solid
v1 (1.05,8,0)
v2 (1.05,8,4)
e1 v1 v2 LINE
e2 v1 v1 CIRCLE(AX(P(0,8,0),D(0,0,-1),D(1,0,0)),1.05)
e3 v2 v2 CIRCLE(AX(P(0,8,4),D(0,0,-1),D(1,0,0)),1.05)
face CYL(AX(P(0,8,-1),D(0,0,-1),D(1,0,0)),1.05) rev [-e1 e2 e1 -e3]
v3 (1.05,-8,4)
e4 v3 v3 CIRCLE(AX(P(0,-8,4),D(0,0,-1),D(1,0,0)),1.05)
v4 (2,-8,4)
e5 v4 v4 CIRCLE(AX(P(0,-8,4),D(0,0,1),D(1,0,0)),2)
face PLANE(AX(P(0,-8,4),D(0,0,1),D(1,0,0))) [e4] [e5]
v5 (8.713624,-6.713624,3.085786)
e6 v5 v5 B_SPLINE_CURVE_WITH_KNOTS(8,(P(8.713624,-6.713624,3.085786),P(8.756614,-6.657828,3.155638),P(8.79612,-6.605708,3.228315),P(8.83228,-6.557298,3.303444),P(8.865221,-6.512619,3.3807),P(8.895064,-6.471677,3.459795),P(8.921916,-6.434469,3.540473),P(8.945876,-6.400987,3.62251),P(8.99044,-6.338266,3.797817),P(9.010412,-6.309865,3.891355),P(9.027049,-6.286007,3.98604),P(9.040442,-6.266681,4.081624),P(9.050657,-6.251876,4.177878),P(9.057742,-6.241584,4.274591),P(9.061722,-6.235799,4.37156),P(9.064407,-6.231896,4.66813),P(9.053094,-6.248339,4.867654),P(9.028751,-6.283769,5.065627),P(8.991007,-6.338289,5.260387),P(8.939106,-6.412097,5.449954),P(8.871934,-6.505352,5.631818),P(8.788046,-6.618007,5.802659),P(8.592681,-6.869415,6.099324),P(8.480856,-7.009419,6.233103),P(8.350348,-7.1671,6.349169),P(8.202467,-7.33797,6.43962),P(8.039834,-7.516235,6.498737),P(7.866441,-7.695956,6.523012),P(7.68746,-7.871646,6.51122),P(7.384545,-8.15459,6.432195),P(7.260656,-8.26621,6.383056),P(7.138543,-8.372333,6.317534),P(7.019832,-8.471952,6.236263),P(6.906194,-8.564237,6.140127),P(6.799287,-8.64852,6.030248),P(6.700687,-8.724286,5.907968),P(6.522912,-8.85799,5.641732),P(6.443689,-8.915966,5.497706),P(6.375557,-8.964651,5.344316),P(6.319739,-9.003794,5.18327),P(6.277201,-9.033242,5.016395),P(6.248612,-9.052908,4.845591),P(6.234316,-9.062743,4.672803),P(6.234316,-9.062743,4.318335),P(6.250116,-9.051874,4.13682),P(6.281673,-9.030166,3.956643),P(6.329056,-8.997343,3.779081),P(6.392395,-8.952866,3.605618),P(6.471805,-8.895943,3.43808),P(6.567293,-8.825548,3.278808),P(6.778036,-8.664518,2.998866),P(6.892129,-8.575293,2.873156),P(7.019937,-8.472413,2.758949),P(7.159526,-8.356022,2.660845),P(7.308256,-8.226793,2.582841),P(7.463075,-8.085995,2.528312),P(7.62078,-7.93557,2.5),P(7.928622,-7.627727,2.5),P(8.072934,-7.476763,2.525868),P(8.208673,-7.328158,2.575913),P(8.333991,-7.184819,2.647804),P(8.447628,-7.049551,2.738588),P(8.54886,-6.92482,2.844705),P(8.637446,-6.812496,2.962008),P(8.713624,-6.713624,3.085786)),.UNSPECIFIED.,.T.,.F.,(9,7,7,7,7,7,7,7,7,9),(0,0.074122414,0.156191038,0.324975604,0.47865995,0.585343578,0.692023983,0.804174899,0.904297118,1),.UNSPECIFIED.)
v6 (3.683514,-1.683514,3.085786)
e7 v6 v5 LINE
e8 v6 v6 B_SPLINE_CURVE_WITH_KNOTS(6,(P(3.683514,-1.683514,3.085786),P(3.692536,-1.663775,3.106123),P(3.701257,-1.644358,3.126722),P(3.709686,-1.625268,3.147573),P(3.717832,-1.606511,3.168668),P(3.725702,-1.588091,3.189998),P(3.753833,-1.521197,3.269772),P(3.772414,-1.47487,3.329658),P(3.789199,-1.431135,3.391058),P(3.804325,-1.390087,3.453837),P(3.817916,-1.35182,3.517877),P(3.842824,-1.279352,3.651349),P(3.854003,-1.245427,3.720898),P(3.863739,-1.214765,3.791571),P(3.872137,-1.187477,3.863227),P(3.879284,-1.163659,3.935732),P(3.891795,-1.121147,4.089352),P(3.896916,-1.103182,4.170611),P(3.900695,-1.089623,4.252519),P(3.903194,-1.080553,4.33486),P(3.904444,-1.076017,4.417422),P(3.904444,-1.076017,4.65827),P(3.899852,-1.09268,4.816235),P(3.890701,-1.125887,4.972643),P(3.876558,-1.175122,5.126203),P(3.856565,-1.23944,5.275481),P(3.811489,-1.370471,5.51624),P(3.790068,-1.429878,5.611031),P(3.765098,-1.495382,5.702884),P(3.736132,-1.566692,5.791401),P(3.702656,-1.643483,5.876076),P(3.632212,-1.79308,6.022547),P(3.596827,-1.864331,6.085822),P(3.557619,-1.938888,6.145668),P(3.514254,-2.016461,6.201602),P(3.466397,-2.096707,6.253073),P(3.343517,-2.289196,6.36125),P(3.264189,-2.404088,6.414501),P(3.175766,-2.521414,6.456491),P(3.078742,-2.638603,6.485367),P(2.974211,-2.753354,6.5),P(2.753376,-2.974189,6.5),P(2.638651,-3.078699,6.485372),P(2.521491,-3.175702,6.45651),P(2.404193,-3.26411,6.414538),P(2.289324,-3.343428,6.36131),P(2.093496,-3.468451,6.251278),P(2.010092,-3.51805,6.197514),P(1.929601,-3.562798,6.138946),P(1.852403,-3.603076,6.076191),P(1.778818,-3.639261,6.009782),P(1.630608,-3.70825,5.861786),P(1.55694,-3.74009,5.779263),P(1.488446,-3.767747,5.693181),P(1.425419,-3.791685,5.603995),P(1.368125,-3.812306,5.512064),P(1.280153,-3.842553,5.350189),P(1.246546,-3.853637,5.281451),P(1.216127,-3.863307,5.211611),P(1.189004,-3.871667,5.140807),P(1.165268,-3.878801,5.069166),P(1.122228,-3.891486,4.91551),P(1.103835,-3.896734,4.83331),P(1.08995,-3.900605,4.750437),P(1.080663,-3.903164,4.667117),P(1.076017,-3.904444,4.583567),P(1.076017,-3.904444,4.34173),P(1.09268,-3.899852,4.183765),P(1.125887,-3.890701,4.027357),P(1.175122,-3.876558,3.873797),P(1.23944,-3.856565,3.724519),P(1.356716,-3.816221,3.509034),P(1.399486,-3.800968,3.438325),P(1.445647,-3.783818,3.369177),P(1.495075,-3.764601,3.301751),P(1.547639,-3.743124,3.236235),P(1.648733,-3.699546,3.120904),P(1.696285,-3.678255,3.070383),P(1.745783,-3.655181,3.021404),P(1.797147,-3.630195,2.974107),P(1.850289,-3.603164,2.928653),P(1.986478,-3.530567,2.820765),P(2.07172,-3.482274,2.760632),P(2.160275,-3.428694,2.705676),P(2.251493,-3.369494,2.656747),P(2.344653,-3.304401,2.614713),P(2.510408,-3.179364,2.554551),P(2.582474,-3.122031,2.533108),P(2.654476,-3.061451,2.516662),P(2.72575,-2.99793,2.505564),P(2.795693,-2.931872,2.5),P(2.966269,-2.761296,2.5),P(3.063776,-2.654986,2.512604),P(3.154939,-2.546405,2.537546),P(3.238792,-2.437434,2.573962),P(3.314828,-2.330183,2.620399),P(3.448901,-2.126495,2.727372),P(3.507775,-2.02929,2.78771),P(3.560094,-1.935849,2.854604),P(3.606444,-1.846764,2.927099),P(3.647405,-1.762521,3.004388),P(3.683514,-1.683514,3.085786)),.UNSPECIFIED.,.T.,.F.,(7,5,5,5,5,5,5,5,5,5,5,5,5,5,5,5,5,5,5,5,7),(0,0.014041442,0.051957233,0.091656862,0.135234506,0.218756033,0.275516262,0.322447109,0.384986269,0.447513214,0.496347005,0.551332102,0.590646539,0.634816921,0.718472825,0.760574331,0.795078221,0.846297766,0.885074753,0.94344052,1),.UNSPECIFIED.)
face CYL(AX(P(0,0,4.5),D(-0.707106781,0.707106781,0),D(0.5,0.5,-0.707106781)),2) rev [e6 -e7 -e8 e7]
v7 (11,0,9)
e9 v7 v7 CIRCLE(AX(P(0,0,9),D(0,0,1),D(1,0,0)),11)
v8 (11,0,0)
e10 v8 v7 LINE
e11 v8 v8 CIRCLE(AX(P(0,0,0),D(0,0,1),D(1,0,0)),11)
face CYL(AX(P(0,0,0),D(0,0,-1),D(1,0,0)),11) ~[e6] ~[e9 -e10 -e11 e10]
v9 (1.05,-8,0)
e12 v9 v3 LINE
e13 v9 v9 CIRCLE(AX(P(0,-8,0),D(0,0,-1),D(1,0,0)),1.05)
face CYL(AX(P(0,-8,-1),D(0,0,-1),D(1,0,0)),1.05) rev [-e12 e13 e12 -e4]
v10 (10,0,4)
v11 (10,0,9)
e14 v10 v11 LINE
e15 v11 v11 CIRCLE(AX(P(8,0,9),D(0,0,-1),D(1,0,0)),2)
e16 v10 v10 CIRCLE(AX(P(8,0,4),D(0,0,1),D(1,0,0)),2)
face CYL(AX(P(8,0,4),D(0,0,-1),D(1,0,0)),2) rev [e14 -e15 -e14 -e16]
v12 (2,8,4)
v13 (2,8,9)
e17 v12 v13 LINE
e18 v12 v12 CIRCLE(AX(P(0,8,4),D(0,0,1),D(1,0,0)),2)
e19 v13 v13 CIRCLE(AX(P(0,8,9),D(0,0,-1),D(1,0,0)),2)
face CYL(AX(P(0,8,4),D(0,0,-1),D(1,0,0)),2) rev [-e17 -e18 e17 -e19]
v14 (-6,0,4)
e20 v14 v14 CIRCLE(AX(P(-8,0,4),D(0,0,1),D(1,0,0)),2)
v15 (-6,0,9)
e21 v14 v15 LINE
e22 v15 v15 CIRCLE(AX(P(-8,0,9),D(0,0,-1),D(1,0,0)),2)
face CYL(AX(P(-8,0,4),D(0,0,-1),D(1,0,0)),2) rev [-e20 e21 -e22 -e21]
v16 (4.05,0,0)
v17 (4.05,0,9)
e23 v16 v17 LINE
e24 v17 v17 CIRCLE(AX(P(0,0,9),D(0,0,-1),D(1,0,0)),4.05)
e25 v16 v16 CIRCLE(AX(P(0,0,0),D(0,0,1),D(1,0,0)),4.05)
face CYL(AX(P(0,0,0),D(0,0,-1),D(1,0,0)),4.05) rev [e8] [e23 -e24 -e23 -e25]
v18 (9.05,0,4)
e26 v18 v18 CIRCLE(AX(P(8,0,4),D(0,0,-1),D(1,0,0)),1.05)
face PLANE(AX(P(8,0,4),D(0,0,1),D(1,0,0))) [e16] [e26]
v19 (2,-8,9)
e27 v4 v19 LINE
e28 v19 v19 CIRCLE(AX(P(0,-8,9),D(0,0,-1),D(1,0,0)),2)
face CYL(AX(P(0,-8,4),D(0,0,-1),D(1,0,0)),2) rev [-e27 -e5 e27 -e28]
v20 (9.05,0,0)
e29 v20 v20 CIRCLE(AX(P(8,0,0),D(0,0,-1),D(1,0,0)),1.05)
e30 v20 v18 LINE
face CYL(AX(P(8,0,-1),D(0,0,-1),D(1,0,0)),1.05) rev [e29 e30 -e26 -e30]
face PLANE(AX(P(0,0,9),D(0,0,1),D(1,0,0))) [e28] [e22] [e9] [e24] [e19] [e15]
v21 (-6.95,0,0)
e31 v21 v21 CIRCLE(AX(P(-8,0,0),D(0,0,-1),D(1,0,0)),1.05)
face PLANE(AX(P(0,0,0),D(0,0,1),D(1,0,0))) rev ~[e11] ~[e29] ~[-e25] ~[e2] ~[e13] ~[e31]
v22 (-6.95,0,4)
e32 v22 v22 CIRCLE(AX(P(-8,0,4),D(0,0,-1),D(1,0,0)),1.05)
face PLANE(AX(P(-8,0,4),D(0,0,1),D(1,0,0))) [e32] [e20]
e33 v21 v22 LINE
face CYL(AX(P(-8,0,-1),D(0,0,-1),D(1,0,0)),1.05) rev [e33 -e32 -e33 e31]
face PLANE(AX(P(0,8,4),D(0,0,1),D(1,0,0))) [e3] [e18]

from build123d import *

# Parameters (mm, degrees)
CYLINDER013_R               = 2
CYLINDER013_DEPTH           = 12
CYLINDER013_ROLL_ANGLE      = 90
CYLINDER013_PITCH_ANGLE     = 45
CYLINDER013_PLACEMENT_ANGLE = 45
CYLINDER005_R               = 4.05
CYLINDER005_DEPTH           = 10
CYLINDER011_R               = 2
CYLINDER011_DEPTH           = 10
CYLINDER012_R               = 1.05
CYLINDER012_DEPTH           = 10
CYLINDER009_R               = 2
CYLINDER009_DEPTH           = 10
CYLINDER010_R               = 1.05
CYLINDER010_DEPTH           = 10
CYLINDER007_R               = 2
CYLINDER007_DEPTH           = 10
CYLINDER008_R               = 1.05
CYLINDER008_DEPTH           = 10
CYLINDER006_R               = 2
CYLINDER006_DEPTH           = 10
CYLINDER001_R               = 1.05
CYLINDER001_DEPTH           = 10
CYLINDER_R                  = 11
CYLINDER_DEPTH              = 9


with BuildPart() as cylinder013:
    # Cylinder013 → Cylinder013 (new body)
    with BuildSketch(Plane.XY):
        Circle(CYLINDER013_R)
    extrude(amount=CYLINDER013_DEPTH)


with BuildPart() as cylinder013_1:
    # Cylinder013 roll: moved
    add(cylinder013.part.rotate(Axis((0, 0, 0), (1, 0, 0)), CYLINDER013_ROLL_ANGLE))


with BuildPart() as cylinder013_2:
    # Cylinder013 pitch: moved
    add(cylinder013_1.part.rotate(Axis((0, 0, 0), (0, 1, 0)), CYLINDER013_PITCH_ANGLE))


with BuildPart() as cylinder013_3:
    # Cylinder013 placement: moved
    add(cylinder013_2.part.moved(Location((0, 0, 4.5))).rotate(Axis((0, 0, 4.5), (0, 0, 1)), CYLINDER013_PLACEMENT_ANGLE))


with BuildPart() as cylinder005:
    # Cylinder005 → Cylinder005 (new body)
    with BuildSketch(Plane.XY):
        Circle(CYLINDER005_R)
    extrude(amount=CYLINDER005_DEPTH)


with BuildPart() as cylinder011:
    # Cylinder011 → Cylinder011 (new body)
    with BuildSketch(Plane(origin=(8, 0, 5), x_dir=(1, 0, 0), z_dir=(0, 0, 1))):
        Circle(CYLINDER011_R)
    extrude(amount=CYLINDER011_DEPTH)


with BuildPart() as fusion003:
    # Cylinder012 → Cylinder012 (new body)
    with BuildSketch(Plane(origin=(8, 0, 0), x_dir=(1, 0, 0), z_dir=(0, 0, 1))):
        Circle(CYLINDER012_R)
    extrude(amount=CYLINDER012_DEPTH)

    # Fusion003: union Cylinder011
    add(cylinder011.part)


with BuildPart() as fusion003_1:
    # Fusion003 placement: moved
    add(fusion003.part.moved(Location((-8, -8, -1))))


with BuildPart() as cylinder009:
    # Cylinder009 → Cylinder009 (new body)
    with BuildSketch(Plane(origin=(8, 0, 5), x_dir=(1, 0, 0), z_dir=(0, 0, 1))):
        Circle(CYLINDER009_R)
    extrude(amount=CYLINDER009_DEPTH)


with BuildPart() as fusion002:
    # Cylinder010 → Cylinder010 (new body)
    with BuildSketch(Plane(origin=(8, 0, 0), x_dir=(1, 0, 0), z_dir=(0, 0, 1))):
        Circle(CYLINDER010_R)
    extrude(amount=CYLINDER010_DEPTH)

    # Fusion002: union Cylinder009
    add(cylinder009.part)


with BuildPart() as fusion002_1:
    # Fusion002 placement: moved
    add(fusion002.part.moved(Location((-8, 8, -1))))


with BuildPart() as cylinder007:
    # Cylinder007 → Cylinder007 (new body)
    with BuildSketch(Plane(origin=(8, 0, 5), x_dir=(1, 0, 0), z_dir=(0, 0, 1))):
        Circle(CYLINDER007_R)
    extrude(amount=CYLINDER007_DEPTH)


with BuildPart() as fusion001:
    # Cylinder008 → Cylinder008 (new body)
    with BuildSketch(Plane(origin=(8, 0, 0), x_dir=(1, 0, 0), z_dir=(0, 0, 1))):
        Circle(CYLINDER008_R)
    extrude(amount=CYLINDER008_DEPTH)

    # Fusion001: union Cylinder007
    add(cylinder007.part)


with BuildPart() as fusion001_1:
    # Fusion001 placement: moved
    add(fusion001.part.moved(Location((-16, 0, -1))))


with BuildPart() as cylinder006:
    # Cylinder006 → Cylinder006 (new body)
    with BuildSketch(Plane(origin=(8, 0, 5), x_dir=(1, 0, 0), z_dir=(0, 0, 1))):
        Circle(CYLINDER006_R)
    extrude(amount=CYLINDER006_DEPTH)


with BuildPart() as fusion:
    # Cylinder001 → Cylinder001 (new body)
    with BuildSketch(Plane(origin=(8, 0, 0), x_dir=(1, 0, 0), z_dir=(0, 0, 1))):
        Circle(CYLINDER001_R)
    extrude(amount=CYLINDER001_DEPTH)

    # Fusion: union Cylinder006
    add(cylinder006.part)


with BuildPart() as fusion_1:
    # Fusion placement: moved
    add(fusion.part.moved(Location((0, 0, -1))))


with BuildPart() as cut005:
    # Cylinder → Cylinder (new body)
    with BuildSketch(Plane.XY):
        Circle(CYLINDER_R)
    extrude(amount=CYLINDER_DEPTH)

    # Cut: cut Fusion
    add(fusion_1.part, mode=Mode.SUBTRACT)

    # Cut001: cut Fusion001
    add(fusion001_1.part, mode=Mode.SUBTRACT)

    # Cut002: cut Fusion002
    add(fusion002_1.part, mode=Mode.SUBTRACT)

    # Cut003: cut Fusion003
    add(fusion003_1.part, mode=Mode.SUBTRACT)

    # Cut004: cut Cylinder005
    add(cylinder005.part, mode=Mode.SUBTRACT)

    # Cut005: cut Cylinder013
    add(cylinder013_3.part, mode=Mode.SUBTRACT)


solid = cut005.part
